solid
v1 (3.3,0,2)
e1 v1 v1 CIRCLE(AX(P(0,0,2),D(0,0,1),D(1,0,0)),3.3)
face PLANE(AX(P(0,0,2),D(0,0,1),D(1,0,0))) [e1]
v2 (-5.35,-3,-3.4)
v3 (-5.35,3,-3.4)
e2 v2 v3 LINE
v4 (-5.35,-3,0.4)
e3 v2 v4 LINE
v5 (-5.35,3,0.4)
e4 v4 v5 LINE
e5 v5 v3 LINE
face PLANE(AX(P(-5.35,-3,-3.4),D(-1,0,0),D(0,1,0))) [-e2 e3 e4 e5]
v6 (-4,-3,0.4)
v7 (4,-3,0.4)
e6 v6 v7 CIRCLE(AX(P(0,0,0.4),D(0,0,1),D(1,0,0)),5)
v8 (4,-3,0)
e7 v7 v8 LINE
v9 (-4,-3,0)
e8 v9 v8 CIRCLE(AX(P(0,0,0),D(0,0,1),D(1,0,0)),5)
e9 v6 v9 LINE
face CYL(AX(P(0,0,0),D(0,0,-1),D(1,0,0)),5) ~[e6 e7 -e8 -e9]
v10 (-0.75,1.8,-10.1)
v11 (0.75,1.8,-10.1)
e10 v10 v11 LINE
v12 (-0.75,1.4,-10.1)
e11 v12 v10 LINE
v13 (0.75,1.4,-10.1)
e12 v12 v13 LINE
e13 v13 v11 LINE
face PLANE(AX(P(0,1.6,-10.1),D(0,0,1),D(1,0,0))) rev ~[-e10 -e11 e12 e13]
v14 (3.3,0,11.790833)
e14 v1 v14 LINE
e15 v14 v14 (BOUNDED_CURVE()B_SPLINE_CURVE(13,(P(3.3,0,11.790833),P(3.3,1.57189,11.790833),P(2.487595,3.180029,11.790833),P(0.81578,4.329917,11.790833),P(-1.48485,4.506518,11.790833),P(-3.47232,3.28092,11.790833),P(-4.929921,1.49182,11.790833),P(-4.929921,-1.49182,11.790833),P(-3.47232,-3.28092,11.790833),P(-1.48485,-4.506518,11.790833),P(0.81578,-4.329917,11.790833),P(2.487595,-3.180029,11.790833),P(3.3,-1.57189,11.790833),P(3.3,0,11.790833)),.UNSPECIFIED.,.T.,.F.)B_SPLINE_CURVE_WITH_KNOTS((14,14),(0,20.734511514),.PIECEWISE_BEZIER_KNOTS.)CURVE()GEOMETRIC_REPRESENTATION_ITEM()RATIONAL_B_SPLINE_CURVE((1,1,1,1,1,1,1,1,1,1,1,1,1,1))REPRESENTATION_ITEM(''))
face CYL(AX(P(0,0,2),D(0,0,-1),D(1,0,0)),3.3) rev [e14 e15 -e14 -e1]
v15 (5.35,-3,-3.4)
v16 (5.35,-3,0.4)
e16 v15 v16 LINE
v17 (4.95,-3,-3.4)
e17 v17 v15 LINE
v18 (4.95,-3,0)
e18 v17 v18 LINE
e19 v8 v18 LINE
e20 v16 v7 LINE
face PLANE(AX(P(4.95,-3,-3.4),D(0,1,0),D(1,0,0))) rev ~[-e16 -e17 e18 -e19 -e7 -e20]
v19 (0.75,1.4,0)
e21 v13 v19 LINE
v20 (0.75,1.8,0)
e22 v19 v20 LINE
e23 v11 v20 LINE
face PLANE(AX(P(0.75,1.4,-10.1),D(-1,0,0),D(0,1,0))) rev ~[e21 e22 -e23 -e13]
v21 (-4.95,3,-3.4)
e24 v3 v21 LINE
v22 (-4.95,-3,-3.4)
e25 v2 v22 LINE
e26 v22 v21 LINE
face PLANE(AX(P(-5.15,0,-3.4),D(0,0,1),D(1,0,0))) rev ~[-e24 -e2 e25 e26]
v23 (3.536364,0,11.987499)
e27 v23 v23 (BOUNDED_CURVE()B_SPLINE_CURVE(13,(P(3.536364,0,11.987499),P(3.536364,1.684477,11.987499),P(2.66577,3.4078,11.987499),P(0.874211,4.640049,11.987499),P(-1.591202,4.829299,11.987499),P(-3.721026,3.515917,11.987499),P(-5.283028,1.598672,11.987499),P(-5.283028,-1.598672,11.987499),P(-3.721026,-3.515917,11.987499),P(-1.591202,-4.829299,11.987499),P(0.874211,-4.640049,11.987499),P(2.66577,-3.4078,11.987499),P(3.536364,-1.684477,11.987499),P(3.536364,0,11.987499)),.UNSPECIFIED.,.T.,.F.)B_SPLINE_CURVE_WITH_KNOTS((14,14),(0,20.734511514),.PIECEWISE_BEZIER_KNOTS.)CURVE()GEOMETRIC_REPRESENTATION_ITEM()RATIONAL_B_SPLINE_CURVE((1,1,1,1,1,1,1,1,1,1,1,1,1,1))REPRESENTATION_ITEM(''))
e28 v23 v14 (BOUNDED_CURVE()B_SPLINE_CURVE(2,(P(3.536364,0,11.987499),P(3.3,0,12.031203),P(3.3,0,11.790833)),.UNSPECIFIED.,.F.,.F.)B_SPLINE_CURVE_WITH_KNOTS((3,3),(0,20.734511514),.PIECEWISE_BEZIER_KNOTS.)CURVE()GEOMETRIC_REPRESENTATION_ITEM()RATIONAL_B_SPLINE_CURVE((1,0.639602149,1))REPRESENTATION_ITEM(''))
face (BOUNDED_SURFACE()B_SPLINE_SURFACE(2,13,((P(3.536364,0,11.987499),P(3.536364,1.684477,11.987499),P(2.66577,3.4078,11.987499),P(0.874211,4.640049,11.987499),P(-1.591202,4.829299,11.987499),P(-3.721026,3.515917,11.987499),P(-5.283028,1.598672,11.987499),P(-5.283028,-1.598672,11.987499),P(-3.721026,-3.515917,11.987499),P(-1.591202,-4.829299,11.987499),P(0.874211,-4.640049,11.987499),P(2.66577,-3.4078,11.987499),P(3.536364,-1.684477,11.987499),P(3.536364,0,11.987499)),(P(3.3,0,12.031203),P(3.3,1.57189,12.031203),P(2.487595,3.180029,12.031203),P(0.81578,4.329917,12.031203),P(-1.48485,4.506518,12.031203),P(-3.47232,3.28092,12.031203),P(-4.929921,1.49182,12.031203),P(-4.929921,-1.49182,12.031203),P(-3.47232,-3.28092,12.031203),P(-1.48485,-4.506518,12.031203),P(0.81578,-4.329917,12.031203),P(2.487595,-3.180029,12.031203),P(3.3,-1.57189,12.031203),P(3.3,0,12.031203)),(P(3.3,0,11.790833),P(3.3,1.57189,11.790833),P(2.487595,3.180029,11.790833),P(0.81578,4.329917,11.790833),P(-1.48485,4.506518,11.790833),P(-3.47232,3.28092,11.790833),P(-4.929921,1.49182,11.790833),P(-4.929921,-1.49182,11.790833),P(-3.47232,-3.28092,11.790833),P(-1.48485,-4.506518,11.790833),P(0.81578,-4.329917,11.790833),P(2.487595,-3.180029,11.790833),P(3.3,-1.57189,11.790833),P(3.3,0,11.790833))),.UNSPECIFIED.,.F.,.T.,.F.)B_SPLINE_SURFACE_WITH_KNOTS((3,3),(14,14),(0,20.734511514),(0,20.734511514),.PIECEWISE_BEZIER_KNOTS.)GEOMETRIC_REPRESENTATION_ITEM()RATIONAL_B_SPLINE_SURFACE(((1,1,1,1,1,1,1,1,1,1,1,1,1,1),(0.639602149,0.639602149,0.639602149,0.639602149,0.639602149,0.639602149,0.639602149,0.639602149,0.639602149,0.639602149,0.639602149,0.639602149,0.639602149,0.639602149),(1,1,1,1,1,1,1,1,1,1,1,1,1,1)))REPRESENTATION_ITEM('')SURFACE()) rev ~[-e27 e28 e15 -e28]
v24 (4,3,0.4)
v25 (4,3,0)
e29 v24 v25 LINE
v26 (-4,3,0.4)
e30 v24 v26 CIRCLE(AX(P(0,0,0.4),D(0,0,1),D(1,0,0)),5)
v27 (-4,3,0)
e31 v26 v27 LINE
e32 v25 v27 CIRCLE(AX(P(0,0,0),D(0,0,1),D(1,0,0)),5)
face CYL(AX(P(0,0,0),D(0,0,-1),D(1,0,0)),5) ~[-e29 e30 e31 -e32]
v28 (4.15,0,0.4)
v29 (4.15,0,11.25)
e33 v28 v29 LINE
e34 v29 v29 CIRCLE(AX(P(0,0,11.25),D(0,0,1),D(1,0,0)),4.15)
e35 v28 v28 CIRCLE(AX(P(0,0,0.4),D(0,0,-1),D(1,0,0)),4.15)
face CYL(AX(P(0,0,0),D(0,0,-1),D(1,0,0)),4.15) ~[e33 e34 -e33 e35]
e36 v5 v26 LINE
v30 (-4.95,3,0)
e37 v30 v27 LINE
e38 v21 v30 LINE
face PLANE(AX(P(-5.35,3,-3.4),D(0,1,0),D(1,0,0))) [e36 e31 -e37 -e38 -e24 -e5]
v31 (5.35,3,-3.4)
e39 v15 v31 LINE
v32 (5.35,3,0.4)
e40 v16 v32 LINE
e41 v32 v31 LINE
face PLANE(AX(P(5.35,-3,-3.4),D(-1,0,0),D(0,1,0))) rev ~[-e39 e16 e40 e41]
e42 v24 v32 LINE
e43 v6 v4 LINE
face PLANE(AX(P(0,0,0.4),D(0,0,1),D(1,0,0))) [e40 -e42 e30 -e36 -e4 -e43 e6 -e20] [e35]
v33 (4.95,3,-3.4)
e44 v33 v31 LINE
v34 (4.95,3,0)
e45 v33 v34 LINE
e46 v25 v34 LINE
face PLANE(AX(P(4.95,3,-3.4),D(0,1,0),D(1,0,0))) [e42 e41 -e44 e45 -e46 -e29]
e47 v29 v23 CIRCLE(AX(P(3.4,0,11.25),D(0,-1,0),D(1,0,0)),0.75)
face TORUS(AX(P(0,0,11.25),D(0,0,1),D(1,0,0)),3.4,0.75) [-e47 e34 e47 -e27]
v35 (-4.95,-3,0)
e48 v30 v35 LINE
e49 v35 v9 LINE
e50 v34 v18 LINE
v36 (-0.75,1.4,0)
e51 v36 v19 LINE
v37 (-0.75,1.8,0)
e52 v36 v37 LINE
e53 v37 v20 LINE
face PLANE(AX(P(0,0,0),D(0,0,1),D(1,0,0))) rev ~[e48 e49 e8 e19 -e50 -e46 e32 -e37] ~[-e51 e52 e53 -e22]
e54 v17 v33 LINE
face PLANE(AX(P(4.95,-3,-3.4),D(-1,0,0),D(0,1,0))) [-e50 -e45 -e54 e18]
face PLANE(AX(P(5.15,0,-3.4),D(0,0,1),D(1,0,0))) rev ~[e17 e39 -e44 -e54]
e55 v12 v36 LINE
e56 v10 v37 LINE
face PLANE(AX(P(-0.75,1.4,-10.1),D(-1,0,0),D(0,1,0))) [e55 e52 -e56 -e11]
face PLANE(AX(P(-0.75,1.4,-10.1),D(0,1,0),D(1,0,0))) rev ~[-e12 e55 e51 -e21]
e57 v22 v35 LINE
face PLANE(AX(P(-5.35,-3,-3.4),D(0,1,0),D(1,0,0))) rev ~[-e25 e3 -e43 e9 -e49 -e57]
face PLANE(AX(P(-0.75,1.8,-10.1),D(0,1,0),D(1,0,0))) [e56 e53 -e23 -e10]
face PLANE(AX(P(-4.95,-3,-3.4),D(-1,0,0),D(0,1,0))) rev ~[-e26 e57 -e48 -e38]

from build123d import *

# Parameters (mm, degrees)
BOX_W             = 10.7
BOX_H             = 6
BOX_DEPTH         = 0.4
CYLINDER_R        = 5
CYLINDER_DEPTH    = 0.4
CYLINDER001_R     = 4.15
CYLINDER001_DEPTH = 12
FILLET_R          = 0.75
CYLINDER002_R     = 3.3
CYLINDER002_DEPTH = 10
FILLET001_R       = 0.2
BOX001_W          = 1.5
BOX001_H          = 0.4
BOX001_DEPTH      = 10.1
BOX002_W          = 0.4
BOX002_H          = 6
BOX002_DEPTH      = 3.8
BOX003_W          = 0.4
BOX003_H          = 6
BOX003_DEPTH      = 3.8


with BuildPart() as part:
    # Box → Box (join)
    with BuildSketch(Plane(origin=(-5.35, -3, 0), x_dir=(1, 0, 0), z_dir=(0, 0, 1))):
        with Locations((5.35, 3)):
            Rectangle(BOX_W, BOX_H)
    extrude(amount=BOX_DEPTH)

    # Cylinder → Cylinder (join)
    with BuildSketch(Plane.XY):
        Circle(CYLINDER_R)
    extrude(amount=CYLINDER_DEPTH)

    # Cylinder001 → Cylinder001 (join)
    with BuildSketch(Plane.XY):
        Circle(CYLINDER001_R)
    extrude(amount=CYLINDER001_DEPTH)

    # Fillet
    fillet_edges = [part.edges().sort_by_distance(p)[0] for p in [
        (-4.15, 0, 12),
    ]]
    fillet(fillet_edges, radius=FILLET_R)

    # Cylinder002 → Cylinder002 (cut)
    with BuildSketch(Plane.XY.offset(2)):
        Circle(CYLINDER002_R)
    extrude(amount=CYLINDER002_DEPTH, mode=Mode.SUBTRACT)

    # Fillet001
    fillet001_edges = [part.edges().sort_by_distance(p)[0] for p in [
        (-3.3, 0, 12),
    ]]
    fillet(fillet001_edges, radius=FILLET001_R)

    # Box001 → Box001 (join)
    with BuildSketch(Plane(origin=(-0.75, 1.4, -10.1), x_dir=(1, 0, 0), z_dir=(0, 0, 1))):
        with Locations((0.75, 0.2)):
            Rectangle(BOX001_W, BOX001_H)
    extrude(amount=BOX001_DEPTH)

    # Box002 → Box002 (join)
    with BuildSketch(Plane(origin=(4.95, -3, -3.4), x_dir=(1, 0, 0), z_dir=(0, 0, 1))):
        with Locations((0.2, 3)):
            Rectangle(BOX002_W, BOX002_H)
    extrude(amount=BOX002_DEPTH)

    # Box003 → Box003 (join)
    with BuildSketch(Plane(origin=(-5.35, -3, -3.4), x_dir=(1, 0, 0), z_dir=(0, 0, 1))):
        with Locations((0.2, 3)):
            Rectangle(BOX003_W, BOX003_H)
    extrude(amount=BOX003_DEPTH)


solid = part.part
